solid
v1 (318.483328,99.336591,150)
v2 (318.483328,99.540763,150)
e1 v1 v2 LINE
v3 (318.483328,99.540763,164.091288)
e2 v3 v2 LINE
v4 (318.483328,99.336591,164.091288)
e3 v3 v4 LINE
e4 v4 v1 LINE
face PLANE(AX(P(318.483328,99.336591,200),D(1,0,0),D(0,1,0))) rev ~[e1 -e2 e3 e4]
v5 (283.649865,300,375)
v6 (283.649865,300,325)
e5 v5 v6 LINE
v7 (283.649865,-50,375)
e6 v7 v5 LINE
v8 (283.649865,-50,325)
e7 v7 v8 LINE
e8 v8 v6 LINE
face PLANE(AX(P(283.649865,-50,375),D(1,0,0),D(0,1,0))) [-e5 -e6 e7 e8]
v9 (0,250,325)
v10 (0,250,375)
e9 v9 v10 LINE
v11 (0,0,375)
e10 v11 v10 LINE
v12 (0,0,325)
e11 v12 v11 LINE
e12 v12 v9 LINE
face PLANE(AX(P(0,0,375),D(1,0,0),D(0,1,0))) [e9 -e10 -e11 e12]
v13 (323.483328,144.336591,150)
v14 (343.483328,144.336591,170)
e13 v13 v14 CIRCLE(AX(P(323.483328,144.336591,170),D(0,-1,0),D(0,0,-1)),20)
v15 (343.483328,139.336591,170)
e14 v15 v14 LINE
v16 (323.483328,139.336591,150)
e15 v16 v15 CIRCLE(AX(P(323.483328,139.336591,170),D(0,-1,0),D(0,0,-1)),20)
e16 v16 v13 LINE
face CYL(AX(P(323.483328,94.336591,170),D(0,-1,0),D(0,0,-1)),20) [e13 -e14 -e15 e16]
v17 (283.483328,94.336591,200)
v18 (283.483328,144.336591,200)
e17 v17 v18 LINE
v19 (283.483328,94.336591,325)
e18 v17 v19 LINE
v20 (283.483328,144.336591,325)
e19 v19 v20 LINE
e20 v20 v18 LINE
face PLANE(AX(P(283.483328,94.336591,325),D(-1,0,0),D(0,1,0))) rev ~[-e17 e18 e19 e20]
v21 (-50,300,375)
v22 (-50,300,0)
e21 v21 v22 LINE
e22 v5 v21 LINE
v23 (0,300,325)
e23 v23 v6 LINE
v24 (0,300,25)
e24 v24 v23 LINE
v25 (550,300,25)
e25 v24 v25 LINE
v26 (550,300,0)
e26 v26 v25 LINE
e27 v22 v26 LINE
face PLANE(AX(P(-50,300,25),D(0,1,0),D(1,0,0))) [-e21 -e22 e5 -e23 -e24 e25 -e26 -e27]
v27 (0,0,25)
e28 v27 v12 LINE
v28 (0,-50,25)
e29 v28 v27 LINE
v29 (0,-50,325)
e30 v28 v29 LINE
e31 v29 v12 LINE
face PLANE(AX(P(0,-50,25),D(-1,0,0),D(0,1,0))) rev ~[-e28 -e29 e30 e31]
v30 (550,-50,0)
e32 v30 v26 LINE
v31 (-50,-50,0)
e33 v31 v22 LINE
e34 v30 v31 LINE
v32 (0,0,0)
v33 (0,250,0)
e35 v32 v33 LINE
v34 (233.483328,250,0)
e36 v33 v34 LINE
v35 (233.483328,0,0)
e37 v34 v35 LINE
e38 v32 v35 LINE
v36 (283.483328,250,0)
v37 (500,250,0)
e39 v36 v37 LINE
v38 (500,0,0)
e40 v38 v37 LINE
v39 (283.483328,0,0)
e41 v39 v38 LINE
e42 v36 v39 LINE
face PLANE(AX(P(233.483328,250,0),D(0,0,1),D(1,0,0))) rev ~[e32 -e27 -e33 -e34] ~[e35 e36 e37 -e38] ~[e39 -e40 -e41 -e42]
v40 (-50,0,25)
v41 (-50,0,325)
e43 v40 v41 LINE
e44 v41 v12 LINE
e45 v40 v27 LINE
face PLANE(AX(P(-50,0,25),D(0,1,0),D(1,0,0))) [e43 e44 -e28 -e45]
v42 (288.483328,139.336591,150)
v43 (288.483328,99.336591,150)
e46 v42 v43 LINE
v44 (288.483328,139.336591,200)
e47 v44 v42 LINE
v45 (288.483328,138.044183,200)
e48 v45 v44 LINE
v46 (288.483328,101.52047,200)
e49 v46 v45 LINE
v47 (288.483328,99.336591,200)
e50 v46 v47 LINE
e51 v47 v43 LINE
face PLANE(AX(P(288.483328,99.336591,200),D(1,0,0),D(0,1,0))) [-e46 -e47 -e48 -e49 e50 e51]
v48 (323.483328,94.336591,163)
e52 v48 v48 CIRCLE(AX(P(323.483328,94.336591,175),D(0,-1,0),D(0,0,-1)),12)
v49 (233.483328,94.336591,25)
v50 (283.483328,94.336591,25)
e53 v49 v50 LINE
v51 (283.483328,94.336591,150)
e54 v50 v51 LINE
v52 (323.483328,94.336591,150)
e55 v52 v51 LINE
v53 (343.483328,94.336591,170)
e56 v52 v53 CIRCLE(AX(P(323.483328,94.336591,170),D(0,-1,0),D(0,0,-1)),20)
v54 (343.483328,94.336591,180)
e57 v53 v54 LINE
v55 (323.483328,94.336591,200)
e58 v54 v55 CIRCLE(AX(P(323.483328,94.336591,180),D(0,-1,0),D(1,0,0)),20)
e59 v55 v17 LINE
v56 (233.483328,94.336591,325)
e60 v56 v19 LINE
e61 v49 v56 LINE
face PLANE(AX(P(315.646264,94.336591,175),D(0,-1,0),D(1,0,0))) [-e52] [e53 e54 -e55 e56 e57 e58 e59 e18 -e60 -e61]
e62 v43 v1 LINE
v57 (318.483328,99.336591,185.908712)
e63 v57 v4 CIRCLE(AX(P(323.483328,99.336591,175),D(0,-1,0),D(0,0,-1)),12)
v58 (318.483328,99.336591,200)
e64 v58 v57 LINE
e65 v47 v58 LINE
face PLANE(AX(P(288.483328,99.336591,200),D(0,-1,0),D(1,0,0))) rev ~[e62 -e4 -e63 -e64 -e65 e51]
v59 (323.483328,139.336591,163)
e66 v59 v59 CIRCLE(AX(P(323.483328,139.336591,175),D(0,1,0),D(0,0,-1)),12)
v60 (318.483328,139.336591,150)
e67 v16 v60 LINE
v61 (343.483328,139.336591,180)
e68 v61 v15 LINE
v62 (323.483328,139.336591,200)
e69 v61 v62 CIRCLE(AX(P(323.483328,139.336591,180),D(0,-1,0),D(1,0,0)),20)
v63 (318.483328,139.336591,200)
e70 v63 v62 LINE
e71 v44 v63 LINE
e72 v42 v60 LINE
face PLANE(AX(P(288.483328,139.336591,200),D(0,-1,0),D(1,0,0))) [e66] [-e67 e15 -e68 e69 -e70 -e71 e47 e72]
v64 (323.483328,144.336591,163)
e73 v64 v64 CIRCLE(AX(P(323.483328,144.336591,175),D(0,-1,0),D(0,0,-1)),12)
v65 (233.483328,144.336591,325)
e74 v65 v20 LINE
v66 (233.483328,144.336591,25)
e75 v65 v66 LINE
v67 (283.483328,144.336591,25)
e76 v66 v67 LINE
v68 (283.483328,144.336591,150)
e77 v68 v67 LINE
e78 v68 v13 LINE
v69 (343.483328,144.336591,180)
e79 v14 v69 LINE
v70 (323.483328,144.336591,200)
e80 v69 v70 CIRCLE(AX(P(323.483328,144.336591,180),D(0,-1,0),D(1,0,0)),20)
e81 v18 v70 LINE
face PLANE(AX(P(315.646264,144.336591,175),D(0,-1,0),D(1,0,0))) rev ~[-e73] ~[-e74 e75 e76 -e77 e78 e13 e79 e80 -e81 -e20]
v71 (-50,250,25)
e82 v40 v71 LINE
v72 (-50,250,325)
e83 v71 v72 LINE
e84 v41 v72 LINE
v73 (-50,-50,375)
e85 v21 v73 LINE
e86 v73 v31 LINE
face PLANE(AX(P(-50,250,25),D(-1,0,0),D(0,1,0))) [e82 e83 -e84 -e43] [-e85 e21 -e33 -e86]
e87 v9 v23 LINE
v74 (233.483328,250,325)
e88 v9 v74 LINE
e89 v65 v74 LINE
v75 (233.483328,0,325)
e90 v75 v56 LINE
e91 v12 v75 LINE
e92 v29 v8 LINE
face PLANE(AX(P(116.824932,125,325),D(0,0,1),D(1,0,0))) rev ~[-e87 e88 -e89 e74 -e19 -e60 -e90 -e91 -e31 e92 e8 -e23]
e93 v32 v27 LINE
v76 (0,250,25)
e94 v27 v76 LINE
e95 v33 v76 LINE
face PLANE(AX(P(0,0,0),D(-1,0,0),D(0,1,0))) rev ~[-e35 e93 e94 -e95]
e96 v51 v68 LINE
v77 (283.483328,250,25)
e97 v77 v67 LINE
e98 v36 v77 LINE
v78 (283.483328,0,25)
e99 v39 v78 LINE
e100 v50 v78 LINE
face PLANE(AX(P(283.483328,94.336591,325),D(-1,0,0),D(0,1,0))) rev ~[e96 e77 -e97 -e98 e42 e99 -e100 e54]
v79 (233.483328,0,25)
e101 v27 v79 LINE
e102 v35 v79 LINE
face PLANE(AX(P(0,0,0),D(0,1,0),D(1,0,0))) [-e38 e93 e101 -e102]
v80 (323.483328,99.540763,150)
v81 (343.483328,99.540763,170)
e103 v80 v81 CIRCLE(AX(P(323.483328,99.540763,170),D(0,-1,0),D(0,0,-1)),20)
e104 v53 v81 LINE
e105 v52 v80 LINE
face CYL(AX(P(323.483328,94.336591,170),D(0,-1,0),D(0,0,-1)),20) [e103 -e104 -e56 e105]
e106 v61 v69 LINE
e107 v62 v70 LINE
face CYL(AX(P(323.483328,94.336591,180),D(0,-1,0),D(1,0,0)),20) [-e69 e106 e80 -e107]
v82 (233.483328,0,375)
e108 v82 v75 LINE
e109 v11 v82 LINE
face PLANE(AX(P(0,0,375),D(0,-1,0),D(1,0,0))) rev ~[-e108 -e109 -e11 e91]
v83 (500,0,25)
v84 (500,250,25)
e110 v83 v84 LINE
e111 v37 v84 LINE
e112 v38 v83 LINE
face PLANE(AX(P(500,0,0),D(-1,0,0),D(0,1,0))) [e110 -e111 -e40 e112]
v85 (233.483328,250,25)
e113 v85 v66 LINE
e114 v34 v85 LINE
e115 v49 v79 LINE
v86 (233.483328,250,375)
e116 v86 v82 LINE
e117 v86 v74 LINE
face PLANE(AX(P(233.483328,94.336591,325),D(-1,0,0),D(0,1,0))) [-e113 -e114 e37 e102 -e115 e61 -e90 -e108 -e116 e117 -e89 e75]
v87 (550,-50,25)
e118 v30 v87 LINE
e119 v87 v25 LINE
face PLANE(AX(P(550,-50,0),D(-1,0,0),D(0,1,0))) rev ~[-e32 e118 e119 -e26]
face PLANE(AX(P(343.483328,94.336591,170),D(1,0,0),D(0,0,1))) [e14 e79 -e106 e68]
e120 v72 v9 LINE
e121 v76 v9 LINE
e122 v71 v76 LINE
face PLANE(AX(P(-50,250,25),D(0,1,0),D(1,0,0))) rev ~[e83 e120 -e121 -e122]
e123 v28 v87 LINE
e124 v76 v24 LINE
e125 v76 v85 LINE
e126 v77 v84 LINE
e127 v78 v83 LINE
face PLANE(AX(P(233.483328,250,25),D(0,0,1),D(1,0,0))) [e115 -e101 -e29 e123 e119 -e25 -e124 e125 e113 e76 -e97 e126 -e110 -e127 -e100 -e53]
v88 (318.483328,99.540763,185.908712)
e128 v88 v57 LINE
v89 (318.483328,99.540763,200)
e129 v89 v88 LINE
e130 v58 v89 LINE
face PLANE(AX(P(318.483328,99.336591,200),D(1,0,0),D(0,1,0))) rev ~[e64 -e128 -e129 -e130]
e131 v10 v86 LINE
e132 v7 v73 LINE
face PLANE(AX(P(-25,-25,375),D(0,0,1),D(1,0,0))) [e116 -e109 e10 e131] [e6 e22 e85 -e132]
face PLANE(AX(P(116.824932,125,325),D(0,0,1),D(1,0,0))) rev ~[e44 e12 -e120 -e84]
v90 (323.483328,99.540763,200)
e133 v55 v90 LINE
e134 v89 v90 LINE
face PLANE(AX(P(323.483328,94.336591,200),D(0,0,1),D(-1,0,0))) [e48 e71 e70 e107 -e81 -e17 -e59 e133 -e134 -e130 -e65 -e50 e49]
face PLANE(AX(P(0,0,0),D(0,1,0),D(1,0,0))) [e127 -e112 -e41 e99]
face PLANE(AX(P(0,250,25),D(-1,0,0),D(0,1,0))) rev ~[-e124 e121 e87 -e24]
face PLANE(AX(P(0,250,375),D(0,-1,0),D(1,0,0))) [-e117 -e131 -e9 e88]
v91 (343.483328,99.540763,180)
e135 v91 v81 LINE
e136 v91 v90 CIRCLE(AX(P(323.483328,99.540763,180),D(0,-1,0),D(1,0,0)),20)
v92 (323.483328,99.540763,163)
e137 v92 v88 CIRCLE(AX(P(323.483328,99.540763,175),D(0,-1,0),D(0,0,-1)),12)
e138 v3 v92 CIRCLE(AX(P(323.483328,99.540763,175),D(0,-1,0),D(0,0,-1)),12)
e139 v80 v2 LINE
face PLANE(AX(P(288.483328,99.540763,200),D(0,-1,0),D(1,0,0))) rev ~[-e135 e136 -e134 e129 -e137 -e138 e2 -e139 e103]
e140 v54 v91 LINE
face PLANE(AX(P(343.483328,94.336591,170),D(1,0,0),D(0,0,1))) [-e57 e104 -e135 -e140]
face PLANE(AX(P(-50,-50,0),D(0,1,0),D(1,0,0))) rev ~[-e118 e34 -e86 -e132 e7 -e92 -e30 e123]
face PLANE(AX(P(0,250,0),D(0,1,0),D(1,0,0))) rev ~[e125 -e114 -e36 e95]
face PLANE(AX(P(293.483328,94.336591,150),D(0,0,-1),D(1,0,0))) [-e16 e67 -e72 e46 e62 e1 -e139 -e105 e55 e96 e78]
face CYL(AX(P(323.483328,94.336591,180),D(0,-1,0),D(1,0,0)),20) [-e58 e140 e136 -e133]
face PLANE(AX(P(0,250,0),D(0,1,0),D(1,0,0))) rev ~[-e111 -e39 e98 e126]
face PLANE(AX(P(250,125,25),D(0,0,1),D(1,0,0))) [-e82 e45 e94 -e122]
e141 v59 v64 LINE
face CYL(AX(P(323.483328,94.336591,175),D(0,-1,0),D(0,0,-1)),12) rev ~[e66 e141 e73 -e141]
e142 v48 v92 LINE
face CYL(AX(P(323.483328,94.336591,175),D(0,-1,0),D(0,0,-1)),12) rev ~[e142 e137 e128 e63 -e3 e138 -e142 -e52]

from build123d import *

# Parameters (mm, degrees)
SKETCH1_W            = 600
SKETCH1_H            = 350
SKETCH1_W_2          = 500
SKETCH1_H_2          = 250
BOSS_EXTRUDE1_DEPTH  = 25
SKETCH2_W            = 50
SKETCH2_H            = 50
BOSS_EXTRUDE2_DEPTH  = 350
SKETCH6_W            = 50
SKETCH6_H            = 25
BOSS_EXTRUDE5_DEPTH  = 300
SKETCH7_W            = 50
SKETCH7_H            = 50
BOSS_EXTRUDE6_DEPTH  = 300
SKETCH8_W            = 50
SKETCH8_H            = 50
BOSS_EXTRUDE7_DEPTH  = 50
SKETCH9_W            = 333.649864746
SKETCH9_H            = 350
SKETCH9_W_2          = 233.483328298
SKETCH9_H_2          = 250
BOSS_EXTRUDE8_DEPTH  = 50
SKETCH10_W           = 50
SKETCH10_H           = 50
BOSS_EXTRUDE10_DEPTH = 10
BOSS_EXTRUDE13_DEPTH = 50
SKETCH15_W           = 30
SKETCH15_H           = 40
CUT_EXTRUDE1_DEPTH   = 50
SKETCH16_R           = 12
CUT_EXTRUDE2_DEPTH   = 50
SKETCH17_W           = 49.023713481
SKETCH17_H           = 36.523713481
CUT_EXTRUDE3_DEPTH   = 100
SKETCH18_W           = 57.595301864
SKETCH18_H           = 39.795828349
CUT_EXTRUDE4_DEPTH   = 100


with BuildPart() as part:
    # Sketch1 → Boss-Extrude1 (new body)
    with BuildSketch(Plane.XY):
        with Locations((250, 125)):
            Rectangle(SKETCH1_W, SKETCH1_H)
        with Locations((250, 125)):
            Rectangle(SKETCH1_W_2, SKETCH1_H_2, mode=Mode.SUBTRACT)
    extrude(amount=BOSS_EXTRUDE1_DEPTH)

    # Sketch2 → Boss-Extrude2 (add)
    with BuildSketch(Plane.XY.offset(25)):
        with Locations((-25, 275)):
            Rectangle(SKETCH2_W, SKETCH2_H)
        with Locations((-25, -25)):
            Rectangle(SKETCH2_W, SKETCH2_H)
    extrude(amount=BOSS_EXTRUDE2_DEPTH)

    # Sketch6 → Boss-Extrude5 (add)
    with BuildSketch(Plane.XZ.offset(-250)):
        with Locations((258.483328298, 12.5)):
            Rectangle(SKETCH6_W, SKETCH6_H)
    extrude(amount=BOSS_EXTRUDE5_DEPTH)

    # Sketch7 → Boss-Extrude6 (add)
    with BuildSketch(Plane.XY.offset(25)):
        with Locations((258.483328298, 119.33659126)):
            Rectangle(SKETCH7_W, SKETCH7_H)
    extrude(amount=BOSS_EXTRUDE6_DEPTH)

    # Sketch8 → Boss-Extrude7 (add)
    with BuildSketch(Plane.XY.offset(325)):
        with Locations((258.483328298, 119.33659126)):
            Rectangle(SKETCH8_W, SKETCH8_H)
    extrude(amount=BOSS_EXTRUDE7_DEPTH)

    # Sketch9 → Boss-Extrude8 (add)
    with BuildSketch(Plane.XY.offset(375)):
        with Locations((116.824932373, 125)):
            Rectangle(SKETCH9_W, SKETCH9_H)
        with Locations((116.741664149, 125)):
            Rectangle(SKETCH9_W_2, SKETCH9_H_2, mode=Mode.SUBTRACT)
    extrude(amount=-BOSS_EXTRUDE8_DEPTH)

    # Sketch10 → Boss-Extrude10 (add)
    with BuildSketch(Plane(origin=(283.483328298, 0, 0), x_dir=(0, 0, -1), z_dir=(1, 0, 0))):
        with Locations((-175, 119.33659126)):
            Rectangle(SKETCH10_W, SKETCH10_H)
    extrude(amount=BOSS_EXTRUDE10_DEPTH)

    # Sketch12 → Boss-Extrude13 (add)
    with BuildSketch(Plane.XZ.offset(-94.33659126)):
        with BuildLine():
            Line((293.483328298, 150), (323.483328298, 150))
            ThreePointArc((323.483328298, 150), (337.625463922, 155.857864376), (343.483328298, 170))
            Line((343.483328298, 170), (343.483328298, 180))
            ThreePointArc((343.483328298, 180), (337.625463922, 194.142135624), (323.483328298, 200))
            Line((323.483328298, 200), (293.483328298, 200))
            Line((293.483328298, 200), (293.483328298, 150))
        make_face()
    extrude(amount=-BOSS_EXTRUDE13_DEPTH)

    # Sketch15 → Cut-Extrude1 (cut)
    with BuildSketch(Plane.XY.offset(200)):
        with Locations((303.483328298, 119.33659126)):
            Rectangle(SKETCH15_W, SKETCH15_H)
    extrude(amount=-CUT_EXTRUDE1_DEPTH, mode=Mode.SUBTRACT)

    # Sketch16 → Cut-Extrude2 (cut)
    with BuildSketch(Plane.XZ.offset(-94.33659126)):
        with Locations(Location((323.483328298, 175, 0), (0, 0, 270))):
            Circle(SKETCH16_R)
    extrude(amount=-CUT_EXTRUDE2_DEPTH, mode=Mode.SUBTRACT)

    # Sketch17 → Cut-Extrude3 (cut)
    with BuildSketch(Plane(origin=(288.483328298, 0, 0), x_dir=(0, 0, -1), z_dir=(1, 0, 0))):
        with Locations((-175.48814326, 119.782326646)):
            Rectangle(SKETCH17_W, SKETCH17_H)
    extrude(amount=CUT_EXTRUDE3_DEPTH, mode=Mode.SUBTRACT)

    # Sketch18 → Cut-Extrude4 (cut)
    with BuildSketch(Plane.XY.offset(200)):
        with Locations((317.28097923, 119.438677086)):
            Rectangle(SKETCH18_W, SKETCH18_H)
    extrude(amount=-CUT_EXTRUDE4_DEPTH, mode=Mode.SUBTRACT)


solid = part.part
